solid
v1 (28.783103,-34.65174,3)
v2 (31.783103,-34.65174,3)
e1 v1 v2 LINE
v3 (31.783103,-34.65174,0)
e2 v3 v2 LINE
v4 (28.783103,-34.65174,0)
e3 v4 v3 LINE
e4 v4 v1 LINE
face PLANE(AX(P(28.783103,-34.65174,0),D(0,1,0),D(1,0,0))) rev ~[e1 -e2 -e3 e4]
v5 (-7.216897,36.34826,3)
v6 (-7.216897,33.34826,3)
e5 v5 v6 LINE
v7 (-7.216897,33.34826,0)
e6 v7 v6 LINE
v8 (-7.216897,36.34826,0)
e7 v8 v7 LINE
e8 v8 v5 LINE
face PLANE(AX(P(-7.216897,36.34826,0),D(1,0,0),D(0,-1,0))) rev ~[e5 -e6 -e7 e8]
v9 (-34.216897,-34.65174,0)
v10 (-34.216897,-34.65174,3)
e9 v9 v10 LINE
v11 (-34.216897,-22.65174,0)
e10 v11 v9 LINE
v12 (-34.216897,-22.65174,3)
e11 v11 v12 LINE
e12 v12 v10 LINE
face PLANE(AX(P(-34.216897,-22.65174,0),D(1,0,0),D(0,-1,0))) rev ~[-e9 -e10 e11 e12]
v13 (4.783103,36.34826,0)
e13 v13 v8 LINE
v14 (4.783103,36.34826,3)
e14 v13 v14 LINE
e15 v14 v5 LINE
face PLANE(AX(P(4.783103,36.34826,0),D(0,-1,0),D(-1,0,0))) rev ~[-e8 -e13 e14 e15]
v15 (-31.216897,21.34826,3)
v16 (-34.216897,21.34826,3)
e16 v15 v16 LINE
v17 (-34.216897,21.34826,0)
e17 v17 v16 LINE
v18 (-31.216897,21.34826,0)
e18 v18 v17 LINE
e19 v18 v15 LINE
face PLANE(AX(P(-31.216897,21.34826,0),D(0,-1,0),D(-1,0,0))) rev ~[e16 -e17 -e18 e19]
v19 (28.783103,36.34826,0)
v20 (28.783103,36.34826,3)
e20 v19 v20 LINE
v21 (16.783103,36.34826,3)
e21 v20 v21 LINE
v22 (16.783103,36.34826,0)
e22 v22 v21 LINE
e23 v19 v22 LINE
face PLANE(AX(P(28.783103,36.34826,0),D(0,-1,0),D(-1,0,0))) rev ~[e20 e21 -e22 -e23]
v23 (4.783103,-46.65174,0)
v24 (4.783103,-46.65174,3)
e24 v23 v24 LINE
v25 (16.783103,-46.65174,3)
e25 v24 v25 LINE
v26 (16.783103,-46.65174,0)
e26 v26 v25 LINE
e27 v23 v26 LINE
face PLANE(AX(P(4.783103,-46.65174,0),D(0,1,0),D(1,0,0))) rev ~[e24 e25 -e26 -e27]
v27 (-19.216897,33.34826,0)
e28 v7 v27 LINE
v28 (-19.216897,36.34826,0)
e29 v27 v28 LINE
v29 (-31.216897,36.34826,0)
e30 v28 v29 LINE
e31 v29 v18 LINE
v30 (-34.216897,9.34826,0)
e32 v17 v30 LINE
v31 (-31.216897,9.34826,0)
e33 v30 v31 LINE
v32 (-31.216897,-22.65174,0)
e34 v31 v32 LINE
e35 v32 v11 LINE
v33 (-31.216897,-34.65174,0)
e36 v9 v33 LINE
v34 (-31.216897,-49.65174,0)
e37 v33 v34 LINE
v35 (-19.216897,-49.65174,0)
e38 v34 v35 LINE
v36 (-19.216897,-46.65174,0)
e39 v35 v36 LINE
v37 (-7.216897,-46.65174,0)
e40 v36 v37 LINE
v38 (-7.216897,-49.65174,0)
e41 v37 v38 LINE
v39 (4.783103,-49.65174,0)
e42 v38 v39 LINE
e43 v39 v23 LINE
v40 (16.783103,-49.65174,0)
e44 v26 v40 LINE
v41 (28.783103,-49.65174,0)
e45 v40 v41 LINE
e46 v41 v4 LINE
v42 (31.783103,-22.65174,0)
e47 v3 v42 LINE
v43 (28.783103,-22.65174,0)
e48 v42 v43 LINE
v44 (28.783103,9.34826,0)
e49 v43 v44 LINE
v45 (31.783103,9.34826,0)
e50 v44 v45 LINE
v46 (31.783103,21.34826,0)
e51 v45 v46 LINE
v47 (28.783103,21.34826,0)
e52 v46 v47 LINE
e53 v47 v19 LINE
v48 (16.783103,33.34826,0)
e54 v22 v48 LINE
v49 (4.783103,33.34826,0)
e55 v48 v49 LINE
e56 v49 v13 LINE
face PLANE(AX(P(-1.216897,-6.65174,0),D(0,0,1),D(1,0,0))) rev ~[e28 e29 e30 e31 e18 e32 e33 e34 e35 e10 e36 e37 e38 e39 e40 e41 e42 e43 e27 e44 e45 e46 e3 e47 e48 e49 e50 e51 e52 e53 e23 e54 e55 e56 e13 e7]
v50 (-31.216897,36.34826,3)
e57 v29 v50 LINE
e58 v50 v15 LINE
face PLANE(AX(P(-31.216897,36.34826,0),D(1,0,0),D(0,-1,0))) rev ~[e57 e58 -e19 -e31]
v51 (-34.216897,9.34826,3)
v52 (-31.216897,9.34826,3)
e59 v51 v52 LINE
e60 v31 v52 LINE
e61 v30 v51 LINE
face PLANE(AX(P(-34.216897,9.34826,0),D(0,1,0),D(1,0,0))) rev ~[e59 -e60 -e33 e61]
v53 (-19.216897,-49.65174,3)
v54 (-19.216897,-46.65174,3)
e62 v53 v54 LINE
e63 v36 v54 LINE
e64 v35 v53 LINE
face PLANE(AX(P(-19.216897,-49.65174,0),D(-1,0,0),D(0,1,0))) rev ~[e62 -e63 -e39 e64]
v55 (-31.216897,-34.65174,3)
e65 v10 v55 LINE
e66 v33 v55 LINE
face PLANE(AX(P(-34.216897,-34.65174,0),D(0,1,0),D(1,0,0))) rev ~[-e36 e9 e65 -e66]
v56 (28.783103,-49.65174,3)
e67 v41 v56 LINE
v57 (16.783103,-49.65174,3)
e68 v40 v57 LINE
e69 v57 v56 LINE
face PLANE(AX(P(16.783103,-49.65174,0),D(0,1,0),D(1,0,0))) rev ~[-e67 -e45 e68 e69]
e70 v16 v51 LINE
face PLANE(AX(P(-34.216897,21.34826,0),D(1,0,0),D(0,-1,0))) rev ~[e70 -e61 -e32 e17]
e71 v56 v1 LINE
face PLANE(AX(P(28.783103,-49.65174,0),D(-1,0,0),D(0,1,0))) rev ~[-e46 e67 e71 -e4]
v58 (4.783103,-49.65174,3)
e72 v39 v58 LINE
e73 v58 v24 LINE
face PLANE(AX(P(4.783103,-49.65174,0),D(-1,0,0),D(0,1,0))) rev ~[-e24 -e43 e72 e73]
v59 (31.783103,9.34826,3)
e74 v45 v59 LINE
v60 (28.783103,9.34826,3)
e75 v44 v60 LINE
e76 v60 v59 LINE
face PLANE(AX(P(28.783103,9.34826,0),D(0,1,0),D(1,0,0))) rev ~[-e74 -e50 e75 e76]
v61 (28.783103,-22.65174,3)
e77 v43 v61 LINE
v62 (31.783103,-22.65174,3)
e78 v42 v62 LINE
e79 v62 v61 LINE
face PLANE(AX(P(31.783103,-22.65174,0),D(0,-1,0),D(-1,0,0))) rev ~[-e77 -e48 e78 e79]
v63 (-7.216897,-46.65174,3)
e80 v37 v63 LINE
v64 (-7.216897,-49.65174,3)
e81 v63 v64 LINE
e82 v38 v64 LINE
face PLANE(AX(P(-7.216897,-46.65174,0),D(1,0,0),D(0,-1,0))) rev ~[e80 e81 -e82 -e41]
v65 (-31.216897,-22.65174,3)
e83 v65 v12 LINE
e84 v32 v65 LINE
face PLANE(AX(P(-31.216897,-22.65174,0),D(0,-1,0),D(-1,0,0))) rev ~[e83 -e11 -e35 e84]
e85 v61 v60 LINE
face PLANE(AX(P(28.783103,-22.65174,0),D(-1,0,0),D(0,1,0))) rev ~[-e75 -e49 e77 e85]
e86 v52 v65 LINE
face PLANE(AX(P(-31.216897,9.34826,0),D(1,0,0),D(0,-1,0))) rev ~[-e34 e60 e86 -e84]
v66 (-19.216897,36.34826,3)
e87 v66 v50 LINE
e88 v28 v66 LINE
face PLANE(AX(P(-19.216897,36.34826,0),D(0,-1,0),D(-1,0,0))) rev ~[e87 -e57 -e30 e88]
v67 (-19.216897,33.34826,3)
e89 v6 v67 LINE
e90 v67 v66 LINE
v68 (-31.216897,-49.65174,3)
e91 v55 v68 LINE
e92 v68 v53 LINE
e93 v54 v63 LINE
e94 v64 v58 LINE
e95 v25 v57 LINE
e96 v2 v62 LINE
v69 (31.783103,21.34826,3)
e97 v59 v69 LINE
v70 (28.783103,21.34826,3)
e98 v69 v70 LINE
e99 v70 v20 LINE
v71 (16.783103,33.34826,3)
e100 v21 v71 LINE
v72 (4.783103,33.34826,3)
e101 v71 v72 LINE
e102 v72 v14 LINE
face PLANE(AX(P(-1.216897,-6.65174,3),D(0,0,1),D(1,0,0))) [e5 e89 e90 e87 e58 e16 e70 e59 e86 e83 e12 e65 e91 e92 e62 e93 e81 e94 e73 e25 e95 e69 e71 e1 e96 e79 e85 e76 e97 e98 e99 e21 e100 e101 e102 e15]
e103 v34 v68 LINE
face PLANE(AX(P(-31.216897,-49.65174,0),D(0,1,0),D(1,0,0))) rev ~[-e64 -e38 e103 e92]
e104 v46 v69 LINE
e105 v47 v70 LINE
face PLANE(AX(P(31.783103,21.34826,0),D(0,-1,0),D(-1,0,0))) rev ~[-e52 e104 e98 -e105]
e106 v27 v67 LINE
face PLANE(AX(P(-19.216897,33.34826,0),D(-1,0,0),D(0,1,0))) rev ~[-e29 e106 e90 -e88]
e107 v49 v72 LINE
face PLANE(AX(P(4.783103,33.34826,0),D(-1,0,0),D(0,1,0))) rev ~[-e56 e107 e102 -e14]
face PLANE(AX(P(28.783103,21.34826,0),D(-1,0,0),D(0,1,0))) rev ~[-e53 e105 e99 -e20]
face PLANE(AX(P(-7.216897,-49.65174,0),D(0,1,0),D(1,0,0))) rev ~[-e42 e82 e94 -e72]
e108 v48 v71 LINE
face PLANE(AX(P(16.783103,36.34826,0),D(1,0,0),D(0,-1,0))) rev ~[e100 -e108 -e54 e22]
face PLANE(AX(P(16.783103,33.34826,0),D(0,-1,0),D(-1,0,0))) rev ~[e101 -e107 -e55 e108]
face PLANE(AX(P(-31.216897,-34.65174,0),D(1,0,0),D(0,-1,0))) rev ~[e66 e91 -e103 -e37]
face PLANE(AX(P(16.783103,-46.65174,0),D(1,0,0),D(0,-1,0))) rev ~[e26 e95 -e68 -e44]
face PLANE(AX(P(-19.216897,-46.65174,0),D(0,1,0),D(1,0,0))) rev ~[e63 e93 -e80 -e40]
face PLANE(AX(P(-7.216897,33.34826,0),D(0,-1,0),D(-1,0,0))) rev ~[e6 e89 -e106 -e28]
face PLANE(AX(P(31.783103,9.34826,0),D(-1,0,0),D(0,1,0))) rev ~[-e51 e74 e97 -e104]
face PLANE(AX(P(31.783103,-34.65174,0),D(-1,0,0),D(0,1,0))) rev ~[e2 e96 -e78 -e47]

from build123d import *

# Parameters (mm, degrees)
RESSALTO_EXTRUS_O1_DEPTH = 3


with BuildPart() as part:
    # Esboço1 → Ressalto-extrusão1 (new body)
    with BuildSketch(Plane.XY):
        Polygon((-31.216896784, 9.348259862), (-31.216896784, -22.651740138), (-34.216896784, -22.651740138), (-34.216896784, -34.651740138), (-31.216896784, -34.651740138), (-31.216896784, -46.651740138), (-31.216896784, -49.651740138), (-19.216896784, -49.651740138), (-19.216896784, -46.651740138), (-7.216896784, -46.651740138), (-7.216896784, -49.651740138), (4.783103216, -49.651740138), (4.783103216, -46.651740138), (16.783103216, -46.651740138), (16.783103216, -49.651740138), (28.783103216, -49.651740138), (28.783103216, -46.651740138), (28.783103216, -34.651740138), (31.783103216, -34.651740138), (31.783103216, -22.651740138), (28.783103216, -22.651740138), (28.783103216, 9.348259862), (31.783103216, 9.348259862), (31.783103216, 21.348259862), (28.783103216, 21.348259862), (28.783103216, 33.348259862), (28.783103216, 36.348259862), (16.783103216, 36.348259862), (16.783103216, 33.348259862), (4.783103216, 33.348259862), (4.783103216, 36.348259862), (-7.216896784, 36.348259862), (-7.216896784, 33.348259862), (-19.216896784, 33.348259862), (-19.216896784, 36.348259862), (-31.216896784, 36.348259862), (-31.216896784, 33.348259862), (-31.216896784, 21.348259862), (-34.216896784, 21.348259862), (-34.216896784, 9.348259862), align=None)
    extrude(amount=RESSALTO_EXTRUS_O1_DEPTH)


solid = part.part
